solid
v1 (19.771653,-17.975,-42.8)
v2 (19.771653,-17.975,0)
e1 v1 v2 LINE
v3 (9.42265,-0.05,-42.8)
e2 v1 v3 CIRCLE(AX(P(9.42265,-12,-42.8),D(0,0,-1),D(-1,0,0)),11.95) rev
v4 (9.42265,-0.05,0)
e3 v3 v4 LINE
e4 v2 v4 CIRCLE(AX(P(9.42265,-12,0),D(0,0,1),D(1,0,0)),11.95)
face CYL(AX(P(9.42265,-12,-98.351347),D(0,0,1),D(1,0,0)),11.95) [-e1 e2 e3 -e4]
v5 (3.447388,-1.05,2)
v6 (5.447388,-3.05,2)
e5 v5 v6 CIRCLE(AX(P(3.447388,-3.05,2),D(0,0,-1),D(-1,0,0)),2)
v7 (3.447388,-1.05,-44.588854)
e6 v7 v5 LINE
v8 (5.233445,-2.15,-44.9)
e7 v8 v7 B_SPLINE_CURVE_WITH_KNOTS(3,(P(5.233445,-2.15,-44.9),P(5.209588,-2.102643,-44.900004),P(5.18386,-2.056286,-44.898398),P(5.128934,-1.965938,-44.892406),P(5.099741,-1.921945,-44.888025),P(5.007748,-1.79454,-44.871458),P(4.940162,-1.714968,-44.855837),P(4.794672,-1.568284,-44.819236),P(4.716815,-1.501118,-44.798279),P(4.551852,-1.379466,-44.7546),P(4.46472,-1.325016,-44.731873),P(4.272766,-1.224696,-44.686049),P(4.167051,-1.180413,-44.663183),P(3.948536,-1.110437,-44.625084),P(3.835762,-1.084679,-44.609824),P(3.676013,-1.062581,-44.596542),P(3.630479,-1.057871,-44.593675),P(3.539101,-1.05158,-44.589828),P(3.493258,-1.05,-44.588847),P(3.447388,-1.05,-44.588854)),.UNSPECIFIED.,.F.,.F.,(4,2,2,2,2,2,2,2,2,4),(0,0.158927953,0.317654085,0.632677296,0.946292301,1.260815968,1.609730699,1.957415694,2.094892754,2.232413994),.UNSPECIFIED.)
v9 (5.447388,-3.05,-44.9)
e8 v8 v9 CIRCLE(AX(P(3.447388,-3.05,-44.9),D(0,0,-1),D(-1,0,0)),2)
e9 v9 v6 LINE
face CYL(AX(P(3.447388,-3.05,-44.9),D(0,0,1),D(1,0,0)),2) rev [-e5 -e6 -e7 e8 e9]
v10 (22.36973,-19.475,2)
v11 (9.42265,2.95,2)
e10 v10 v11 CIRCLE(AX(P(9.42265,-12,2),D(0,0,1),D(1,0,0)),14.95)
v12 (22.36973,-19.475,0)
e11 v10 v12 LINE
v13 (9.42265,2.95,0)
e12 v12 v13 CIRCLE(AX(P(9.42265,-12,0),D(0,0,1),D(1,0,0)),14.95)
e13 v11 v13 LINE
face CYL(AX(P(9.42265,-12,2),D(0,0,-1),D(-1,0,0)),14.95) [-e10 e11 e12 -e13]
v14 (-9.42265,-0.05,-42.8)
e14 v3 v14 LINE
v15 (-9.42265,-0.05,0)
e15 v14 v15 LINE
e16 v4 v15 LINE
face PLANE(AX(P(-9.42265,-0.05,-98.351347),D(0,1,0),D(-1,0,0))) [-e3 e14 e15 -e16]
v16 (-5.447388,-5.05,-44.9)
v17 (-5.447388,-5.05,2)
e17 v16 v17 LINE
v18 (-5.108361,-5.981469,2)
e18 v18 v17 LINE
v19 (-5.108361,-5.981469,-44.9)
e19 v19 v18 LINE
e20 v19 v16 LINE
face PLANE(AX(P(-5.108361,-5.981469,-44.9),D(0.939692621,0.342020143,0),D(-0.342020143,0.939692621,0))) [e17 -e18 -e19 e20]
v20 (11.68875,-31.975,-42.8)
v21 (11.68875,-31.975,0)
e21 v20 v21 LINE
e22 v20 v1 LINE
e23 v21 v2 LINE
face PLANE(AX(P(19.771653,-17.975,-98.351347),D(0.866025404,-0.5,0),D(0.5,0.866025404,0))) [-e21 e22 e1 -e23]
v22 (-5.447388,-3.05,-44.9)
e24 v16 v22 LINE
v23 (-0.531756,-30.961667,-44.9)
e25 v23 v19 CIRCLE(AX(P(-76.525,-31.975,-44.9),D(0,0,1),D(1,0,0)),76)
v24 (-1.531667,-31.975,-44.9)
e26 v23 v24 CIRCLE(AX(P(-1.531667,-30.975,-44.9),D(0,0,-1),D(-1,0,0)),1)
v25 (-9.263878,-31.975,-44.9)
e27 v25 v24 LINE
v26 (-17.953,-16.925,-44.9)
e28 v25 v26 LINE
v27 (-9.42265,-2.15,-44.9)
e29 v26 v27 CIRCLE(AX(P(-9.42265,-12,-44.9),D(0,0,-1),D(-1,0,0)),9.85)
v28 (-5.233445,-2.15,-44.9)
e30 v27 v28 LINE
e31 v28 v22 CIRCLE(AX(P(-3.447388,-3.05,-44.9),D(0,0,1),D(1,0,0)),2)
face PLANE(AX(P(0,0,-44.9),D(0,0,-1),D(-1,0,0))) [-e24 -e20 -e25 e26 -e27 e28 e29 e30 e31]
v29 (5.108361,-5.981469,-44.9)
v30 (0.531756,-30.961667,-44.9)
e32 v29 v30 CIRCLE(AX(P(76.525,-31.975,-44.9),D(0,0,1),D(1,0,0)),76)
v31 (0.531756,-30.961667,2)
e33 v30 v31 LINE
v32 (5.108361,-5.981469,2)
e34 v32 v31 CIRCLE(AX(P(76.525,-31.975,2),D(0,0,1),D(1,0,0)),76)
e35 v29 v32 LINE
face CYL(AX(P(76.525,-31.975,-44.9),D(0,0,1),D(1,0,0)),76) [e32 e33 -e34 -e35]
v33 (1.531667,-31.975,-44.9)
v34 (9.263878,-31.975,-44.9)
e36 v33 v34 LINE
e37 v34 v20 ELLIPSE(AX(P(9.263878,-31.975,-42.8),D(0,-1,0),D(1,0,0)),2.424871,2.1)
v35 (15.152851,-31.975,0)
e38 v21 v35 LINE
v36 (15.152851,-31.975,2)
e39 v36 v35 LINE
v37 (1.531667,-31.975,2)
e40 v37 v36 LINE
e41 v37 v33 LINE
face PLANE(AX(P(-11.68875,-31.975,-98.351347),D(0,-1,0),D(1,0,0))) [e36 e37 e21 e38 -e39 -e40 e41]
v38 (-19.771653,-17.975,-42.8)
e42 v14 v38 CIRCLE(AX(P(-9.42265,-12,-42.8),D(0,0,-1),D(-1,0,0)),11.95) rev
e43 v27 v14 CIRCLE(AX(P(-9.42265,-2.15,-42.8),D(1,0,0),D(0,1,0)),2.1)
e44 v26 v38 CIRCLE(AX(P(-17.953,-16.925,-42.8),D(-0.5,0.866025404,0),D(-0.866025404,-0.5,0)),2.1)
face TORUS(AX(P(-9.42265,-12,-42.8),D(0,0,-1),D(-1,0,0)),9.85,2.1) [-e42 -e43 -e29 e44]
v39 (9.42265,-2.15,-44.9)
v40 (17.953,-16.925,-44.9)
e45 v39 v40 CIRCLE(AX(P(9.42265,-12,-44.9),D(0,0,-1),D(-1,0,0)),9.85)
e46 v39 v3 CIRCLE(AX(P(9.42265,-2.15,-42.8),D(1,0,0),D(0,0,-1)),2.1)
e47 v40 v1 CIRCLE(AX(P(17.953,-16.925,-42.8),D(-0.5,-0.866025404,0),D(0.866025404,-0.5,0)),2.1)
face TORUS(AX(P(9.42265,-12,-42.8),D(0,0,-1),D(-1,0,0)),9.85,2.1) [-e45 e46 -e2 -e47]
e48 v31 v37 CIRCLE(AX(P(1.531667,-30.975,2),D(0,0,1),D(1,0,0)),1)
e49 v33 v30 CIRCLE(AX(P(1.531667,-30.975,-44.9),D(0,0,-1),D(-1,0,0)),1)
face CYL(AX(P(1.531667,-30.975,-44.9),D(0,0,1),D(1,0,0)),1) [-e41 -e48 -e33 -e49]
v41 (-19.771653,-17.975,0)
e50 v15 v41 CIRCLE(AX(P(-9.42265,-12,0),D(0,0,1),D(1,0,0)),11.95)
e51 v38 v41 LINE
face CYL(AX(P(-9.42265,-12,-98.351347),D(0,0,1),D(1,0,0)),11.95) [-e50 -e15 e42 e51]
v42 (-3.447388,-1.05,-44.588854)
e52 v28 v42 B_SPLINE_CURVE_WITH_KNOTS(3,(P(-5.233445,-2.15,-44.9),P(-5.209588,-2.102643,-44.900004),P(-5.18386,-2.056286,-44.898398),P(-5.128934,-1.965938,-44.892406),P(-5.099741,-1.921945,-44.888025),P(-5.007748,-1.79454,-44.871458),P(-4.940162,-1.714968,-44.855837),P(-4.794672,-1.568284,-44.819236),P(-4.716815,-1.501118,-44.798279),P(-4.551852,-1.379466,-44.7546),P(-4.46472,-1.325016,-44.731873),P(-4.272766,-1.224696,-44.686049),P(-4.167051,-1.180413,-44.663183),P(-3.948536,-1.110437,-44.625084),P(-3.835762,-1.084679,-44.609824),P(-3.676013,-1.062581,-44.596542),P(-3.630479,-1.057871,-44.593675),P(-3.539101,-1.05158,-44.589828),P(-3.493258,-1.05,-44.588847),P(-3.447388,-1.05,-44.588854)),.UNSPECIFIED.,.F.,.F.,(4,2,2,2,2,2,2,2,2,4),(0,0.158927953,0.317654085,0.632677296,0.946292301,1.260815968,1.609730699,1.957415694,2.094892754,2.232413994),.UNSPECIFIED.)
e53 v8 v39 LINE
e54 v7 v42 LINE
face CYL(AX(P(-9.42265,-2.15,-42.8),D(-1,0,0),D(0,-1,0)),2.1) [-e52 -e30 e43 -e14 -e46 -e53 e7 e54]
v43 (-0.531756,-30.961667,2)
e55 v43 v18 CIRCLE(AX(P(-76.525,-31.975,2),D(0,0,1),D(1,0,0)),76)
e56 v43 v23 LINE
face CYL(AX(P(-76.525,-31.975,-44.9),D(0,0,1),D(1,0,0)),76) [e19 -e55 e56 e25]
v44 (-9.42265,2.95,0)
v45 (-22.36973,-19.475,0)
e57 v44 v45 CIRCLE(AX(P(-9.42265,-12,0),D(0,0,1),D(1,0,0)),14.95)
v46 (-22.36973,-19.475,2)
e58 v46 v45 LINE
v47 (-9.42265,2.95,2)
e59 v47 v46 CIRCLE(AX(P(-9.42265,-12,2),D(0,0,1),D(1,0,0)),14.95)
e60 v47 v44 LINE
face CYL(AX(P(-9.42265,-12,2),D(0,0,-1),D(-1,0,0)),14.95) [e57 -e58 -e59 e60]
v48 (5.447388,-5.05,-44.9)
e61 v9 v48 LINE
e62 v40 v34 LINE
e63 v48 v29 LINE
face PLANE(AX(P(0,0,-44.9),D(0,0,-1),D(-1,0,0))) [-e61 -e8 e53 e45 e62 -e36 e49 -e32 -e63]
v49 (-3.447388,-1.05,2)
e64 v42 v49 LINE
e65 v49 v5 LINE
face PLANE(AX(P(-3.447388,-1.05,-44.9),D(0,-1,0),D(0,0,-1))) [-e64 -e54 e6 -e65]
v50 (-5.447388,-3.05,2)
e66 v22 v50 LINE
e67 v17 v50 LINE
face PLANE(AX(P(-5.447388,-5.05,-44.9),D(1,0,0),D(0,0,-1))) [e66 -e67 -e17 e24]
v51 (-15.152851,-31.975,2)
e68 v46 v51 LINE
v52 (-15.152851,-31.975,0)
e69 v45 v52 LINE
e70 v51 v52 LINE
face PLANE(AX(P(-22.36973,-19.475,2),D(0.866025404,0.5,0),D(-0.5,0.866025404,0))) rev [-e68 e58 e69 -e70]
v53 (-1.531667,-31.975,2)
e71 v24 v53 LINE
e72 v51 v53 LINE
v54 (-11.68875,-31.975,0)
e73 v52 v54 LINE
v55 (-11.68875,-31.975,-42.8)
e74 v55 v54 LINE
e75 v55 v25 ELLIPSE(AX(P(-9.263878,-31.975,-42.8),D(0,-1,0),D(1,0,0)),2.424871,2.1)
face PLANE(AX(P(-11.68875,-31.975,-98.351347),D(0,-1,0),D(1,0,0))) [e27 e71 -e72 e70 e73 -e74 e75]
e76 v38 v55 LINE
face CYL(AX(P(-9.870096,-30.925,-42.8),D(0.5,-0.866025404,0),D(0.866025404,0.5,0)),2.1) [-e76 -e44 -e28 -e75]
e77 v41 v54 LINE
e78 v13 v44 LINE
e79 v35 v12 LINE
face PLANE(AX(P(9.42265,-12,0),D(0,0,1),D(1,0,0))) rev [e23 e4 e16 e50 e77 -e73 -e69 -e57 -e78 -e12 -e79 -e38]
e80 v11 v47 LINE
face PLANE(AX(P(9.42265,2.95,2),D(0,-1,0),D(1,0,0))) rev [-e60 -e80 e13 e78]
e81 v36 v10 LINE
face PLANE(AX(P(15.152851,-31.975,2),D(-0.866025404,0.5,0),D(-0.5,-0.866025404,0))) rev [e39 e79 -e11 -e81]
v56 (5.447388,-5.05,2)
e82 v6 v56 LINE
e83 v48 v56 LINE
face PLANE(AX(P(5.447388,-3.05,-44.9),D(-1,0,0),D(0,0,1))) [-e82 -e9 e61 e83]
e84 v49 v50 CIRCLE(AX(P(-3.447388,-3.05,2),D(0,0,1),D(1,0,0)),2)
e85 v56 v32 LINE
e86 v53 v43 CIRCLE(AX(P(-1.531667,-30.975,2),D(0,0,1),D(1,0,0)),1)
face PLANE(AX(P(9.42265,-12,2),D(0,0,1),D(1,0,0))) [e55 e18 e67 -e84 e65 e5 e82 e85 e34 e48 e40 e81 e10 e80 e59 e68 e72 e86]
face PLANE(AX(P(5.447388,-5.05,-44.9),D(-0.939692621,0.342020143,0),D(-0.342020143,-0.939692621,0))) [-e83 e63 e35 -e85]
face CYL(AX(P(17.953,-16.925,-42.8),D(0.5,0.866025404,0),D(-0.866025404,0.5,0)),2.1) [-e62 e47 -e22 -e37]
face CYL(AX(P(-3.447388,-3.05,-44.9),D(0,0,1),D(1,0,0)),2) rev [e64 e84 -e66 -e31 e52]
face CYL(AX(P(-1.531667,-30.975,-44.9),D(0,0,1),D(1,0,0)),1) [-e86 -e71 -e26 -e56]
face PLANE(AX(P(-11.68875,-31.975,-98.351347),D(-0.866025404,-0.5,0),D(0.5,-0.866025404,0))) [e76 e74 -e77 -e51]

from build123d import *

# Parameters (mm, degrees)
BOSS_EXTRUDE1_DEPTH     = 44.9
FILLET1_R               = 2.1
BOSS_EXTRUDE2_DEPTH     = 2
CUT_EXTRUDE1_DEPTH      = 61.269699517
CUT_EXTRUDE1_DEPTH_BACK = 61.269699517
FILLET2_R               = 1


with BuildPart() as part:
    # Sketch1 → Boss-Extrude1 (new body)
    with BuildSketch(Plane.XY):
        with BuildLine():
            Line((-11.688749537, -31.975), (-19.771653306, -17.975))
            ThreePointArc((-19.771653306, -17.975), (-19.771653306, -6.025), (-9.422649731, -0.05))
            Line((-9.422649731, -0.05), (9.422649731, -0.05))
            ThreePointArc((9.422649731, -0.05), (19.771653306, -6.025), (19.771653306, -17.975))
            Line((19.771653306, -17.975), (11.688749537, -31.975))
            Line((11.688749537, -31.975), (-11.688749537, -31.975))
        make_face()
    extrude(amount=-BOSS_EXTRUDE1_DEPTH)

    # Fillet1
    fillet1_edges = [part.edges().sort_by_distance(p)[0] for p in [
        (15.730201422, -24.975, -44.9),
        (19.771653306, -6.025, -44.9),
        (0, -0.05, -44.9),
        (-19.771653306, -6.025, -44.9),
        (-15.730201422, -24.975, -44.9),
    ]]
    fillet(fillet1_edges, radius=FILLET1_R)

    # Sketch2 → Boss-Extrude2 (add)
    with BuildSketch(Plane.XY):
        with BuildLine():
            Line((15.152851153, -31.975), (22.369729517, -19.475))
            ThreePointArc((22.369729517, -19.475), (22.369729517, -4.525), (9.422649731, 2.95))
            Line((9.422649731, 2.95), (-9.422649731, 2.95))
            ThreePointArc((-9.422649731, 2.95), (-22.369729517, -4.525), (-22.369729517, -19.475))
            Line((-22.369729517, -19.475), (-15.152851153, -31.975))
            Line((-15.152851153, -31.975), (15.152851153, -31.975))
        make_face()
    extrude(amount=BOSS_EXTRUDE2_DEPTH)

    # Sketch3 → Cut-Extrude1 (cut, two sides: drawn at the far end of the back side and taken through both)
    with BuildSketch(Plane.XY.offset(-CUT_EXTRUDE1_DEPTH_BACK)):
        with BuildLine():
            Line((-3.447387849, -1.05), (3.447387849, -1.05))
            ThreePointArc((3.447387849, -1.05), (4.861601412, -1.635786438), (5.447387849, -3.05))
            Line((5.447387849, -3.05), (5.447387849, -5.05))
            Line((5.447387849, -5.05), (5.10836082, -5.981469107))
            ThreePointArc((5.10836082, -5.981469107), (1.679610771, -18.777738497), (0.525, -31.975))
            Line((0.525, -31.975), (-0.525, -31.975))
            ThreePointArc((-0.525, -31.975), (-1.679610771, -18.777738497), (-5.10836082, -5.981469107))
            Line((-5.10836082, -5.981469107), (-5.447387849, -5.05))
            Line((-5.447387849, -5.05), (-5.447387849, -3.05))
            ThreePointArc((-5.447387849, -3.05), (-4.861601412, -1.635786438), (-3.447387849, -1.05))
        make_face()
    extrude(amount=CUT_EXTRUDE1_DEPTH + CUT_EXTRUDE1_DEPTH_BACK, mode=Mode.SUBTRACT)

    # Fillet2
    fillet2_edges = [part.edges().sort_by_distance(p)[0] for p in [
        (-0.525, -31.975, -21.45),
        (0.525, -31.975, -21.45),
    ]]
    fillet(fillet2_edges, radius=FILLET2_R)


solid = part.part
